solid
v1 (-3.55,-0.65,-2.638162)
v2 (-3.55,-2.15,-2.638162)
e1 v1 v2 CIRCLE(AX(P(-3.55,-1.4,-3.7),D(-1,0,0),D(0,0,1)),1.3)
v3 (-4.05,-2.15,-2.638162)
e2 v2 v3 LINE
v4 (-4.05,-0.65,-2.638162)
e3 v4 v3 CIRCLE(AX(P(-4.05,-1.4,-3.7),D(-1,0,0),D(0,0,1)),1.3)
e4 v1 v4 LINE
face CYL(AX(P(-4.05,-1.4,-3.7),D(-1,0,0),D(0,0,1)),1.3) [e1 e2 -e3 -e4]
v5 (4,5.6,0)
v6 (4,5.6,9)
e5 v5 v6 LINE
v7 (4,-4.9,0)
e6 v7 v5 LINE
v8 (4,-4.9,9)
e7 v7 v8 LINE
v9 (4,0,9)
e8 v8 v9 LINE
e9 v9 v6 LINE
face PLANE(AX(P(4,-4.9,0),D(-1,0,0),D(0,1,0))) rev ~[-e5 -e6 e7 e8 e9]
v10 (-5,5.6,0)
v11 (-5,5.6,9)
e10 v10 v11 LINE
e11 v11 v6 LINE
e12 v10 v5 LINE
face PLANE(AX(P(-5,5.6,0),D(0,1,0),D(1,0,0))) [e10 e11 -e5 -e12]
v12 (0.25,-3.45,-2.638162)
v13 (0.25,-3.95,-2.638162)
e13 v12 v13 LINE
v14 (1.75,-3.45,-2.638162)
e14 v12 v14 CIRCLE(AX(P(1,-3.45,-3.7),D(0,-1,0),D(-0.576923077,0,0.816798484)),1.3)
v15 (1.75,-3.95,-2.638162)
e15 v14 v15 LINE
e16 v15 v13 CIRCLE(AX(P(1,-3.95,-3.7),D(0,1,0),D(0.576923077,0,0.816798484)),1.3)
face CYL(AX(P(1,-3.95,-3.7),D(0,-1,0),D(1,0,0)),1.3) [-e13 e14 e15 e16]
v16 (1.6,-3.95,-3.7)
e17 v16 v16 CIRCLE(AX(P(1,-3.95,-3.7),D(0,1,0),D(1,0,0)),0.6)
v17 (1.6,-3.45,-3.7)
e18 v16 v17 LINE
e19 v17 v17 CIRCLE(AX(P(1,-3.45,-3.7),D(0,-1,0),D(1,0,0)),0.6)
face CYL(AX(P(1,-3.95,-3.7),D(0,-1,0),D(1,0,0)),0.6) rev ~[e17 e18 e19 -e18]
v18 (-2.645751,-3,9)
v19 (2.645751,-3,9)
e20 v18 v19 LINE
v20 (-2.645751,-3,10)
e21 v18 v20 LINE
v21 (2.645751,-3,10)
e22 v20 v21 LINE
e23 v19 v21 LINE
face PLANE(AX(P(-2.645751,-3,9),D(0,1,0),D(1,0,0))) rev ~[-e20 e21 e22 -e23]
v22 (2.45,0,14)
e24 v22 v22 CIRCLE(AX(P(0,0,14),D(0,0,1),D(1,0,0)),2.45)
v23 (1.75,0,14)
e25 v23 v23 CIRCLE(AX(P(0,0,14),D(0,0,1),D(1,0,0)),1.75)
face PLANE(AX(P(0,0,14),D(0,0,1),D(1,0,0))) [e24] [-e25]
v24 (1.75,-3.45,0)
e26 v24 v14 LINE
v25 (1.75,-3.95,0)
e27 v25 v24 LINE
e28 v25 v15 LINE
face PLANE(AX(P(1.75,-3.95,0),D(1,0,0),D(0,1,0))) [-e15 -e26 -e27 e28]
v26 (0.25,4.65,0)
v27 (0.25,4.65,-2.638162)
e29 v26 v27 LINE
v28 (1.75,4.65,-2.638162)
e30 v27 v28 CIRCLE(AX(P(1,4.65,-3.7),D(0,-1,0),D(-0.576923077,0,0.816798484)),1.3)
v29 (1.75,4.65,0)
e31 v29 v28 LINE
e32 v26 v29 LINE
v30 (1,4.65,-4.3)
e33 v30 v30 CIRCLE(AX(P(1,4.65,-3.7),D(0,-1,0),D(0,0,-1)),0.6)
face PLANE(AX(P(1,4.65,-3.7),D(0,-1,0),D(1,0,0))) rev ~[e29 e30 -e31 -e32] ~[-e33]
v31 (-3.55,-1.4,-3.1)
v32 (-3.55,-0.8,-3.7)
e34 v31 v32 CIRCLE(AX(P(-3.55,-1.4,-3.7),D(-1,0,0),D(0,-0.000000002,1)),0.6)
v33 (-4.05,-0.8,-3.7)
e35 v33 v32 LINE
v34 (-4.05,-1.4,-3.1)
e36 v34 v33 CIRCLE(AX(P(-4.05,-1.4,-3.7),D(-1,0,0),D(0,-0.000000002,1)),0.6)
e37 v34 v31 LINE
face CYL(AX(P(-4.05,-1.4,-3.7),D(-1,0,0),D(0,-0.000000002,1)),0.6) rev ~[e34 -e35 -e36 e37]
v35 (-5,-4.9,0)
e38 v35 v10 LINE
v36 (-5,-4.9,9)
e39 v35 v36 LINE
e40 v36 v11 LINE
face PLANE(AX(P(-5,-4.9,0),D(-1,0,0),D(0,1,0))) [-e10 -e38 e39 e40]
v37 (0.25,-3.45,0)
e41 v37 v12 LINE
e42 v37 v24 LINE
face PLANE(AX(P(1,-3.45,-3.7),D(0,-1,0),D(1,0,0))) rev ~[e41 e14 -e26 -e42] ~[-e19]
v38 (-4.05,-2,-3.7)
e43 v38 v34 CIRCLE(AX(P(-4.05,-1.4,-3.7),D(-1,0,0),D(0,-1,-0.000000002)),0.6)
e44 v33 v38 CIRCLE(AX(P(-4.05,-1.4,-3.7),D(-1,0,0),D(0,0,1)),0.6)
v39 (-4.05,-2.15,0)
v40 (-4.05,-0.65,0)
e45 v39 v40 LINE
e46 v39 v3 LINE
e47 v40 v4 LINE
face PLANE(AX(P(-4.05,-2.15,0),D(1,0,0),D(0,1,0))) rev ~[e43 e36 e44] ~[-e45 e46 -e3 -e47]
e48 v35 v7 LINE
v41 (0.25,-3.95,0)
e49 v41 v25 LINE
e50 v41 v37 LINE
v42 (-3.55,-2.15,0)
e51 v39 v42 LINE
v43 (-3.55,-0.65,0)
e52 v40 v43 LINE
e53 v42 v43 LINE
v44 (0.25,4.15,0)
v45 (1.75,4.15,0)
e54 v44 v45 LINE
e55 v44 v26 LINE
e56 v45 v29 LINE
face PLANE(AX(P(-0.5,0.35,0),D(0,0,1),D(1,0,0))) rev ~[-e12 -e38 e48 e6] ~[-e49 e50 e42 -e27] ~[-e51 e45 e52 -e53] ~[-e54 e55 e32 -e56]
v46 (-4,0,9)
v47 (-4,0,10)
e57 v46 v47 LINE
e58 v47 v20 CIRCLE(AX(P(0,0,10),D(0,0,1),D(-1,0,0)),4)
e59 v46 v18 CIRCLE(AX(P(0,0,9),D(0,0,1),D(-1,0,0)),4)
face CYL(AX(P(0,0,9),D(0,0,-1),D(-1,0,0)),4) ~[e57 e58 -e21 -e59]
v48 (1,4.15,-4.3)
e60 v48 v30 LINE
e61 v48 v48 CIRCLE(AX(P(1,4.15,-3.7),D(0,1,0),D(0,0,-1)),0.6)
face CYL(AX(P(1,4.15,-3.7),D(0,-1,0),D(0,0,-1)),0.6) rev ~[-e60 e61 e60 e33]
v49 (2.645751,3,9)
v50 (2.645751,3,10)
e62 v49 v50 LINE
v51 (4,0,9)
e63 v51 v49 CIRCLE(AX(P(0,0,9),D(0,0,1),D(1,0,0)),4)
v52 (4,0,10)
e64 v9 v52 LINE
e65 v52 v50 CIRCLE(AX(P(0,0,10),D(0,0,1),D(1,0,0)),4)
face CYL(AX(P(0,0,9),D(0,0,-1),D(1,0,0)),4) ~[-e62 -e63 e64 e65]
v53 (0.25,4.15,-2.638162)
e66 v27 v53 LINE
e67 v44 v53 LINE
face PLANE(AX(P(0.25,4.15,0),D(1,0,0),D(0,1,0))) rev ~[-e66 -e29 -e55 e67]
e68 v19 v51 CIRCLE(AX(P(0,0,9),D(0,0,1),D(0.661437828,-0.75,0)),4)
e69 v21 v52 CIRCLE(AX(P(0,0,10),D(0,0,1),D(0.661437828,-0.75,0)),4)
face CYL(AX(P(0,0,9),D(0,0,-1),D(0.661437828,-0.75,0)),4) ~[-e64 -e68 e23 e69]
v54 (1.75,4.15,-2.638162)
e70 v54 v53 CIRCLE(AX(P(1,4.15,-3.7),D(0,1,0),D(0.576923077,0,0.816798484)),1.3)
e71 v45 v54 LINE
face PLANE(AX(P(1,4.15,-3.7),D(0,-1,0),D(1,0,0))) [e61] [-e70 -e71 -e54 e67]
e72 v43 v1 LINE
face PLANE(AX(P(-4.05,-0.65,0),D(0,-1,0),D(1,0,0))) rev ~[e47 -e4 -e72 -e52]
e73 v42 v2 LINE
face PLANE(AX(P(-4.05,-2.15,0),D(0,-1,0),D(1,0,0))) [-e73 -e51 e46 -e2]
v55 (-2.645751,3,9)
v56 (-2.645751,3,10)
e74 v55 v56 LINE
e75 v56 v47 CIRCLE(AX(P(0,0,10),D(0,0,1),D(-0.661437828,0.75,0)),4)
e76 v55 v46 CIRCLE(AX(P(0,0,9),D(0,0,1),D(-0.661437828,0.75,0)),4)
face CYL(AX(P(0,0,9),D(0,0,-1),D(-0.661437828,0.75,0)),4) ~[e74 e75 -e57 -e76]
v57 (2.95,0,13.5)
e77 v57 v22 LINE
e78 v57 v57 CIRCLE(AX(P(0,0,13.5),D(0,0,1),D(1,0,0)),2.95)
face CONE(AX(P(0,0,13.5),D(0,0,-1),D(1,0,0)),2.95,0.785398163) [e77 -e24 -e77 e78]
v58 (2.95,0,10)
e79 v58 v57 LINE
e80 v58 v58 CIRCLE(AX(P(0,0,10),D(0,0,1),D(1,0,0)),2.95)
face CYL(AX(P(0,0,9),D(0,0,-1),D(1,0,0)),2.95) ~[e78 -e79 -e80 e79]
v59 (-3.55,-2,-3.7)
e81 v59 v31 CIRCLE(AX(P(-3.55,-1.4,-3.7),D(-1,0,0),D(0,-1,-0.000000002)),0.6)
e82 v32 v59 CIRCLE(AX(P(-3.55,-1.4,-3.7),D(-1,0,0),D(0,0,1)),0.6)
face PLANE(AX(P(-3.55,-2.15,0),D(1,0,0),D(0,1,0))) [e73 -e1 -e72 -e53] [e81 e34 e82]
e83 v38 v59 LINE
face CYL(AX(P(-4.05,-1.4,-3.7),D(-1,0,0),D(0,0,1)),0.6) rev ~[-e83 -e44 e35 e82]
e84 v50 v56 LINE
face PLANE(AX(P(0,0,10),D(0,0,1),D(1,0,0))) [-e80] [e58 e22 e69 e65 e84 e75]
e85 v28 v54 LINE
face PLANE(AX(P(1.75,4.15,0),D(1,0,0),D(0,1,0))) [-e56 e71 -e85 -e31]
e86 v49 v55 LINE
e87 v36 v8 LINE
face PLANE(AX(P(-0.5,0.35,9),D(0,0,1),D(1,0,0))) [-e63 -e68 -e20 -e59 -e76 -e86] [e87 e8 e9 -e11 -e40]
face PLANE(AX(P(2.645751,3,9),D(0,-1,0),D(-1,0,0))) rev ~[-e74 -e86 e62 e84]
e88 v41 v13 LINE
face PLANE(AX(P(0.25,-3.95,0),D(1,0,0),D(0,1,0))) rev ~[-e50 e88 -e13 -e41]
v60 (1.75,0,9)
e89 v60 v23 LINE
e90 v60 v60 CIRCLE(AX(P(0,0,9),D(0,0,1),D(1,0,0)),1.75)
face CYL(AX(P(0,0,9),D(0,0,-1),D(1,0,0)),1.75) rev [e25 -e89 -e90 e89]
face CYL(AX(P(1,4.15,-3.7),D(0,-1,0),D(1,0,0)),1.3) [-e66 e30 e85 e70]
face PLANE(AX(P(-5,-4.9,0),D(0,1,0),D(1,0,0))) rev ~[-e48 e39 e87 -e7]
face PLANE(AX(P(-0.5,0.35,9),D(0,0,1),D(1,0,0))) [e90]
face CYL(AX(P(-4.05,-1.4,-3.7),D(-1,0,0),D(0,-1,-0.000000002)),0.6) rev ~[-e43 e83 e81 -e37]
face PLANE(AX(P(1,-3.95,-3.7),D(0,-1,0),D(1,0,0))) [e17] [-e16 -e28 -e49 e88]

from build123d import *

# Parameters (mm, degrees)
SKETCH3_W           = 9
SKETCH3_H           = 10.5
SKETCH3_W_2         = 1.5
SKETCH3_H_2         = 0.5
SKETCH3_W_3         = 0.5
SKETCH3_H_3         = 1.5
BOSS_EXTRUDE1_DEPTH = 9
SKETCH5_R           = 2.95
BOSS_EXTRUDE4_DEPTH = 1
SKETCH5_3_R         = 2.95
SKETCH5_3_R_2       = 1.75
BOSS_EXTRUDE5_DEPTH = 5
SKETCH3_3_W         = 1.5
SKETCH3_3_H         = 0.5
SKETCH3_3_W_2       = 0.5
SKETCH3_3_H_2       = 1.5
BOSS_EXTRUDE6_DEPTH = 3.7
SKETCH6_R           = 1.3
SKETCH6_R_2         = 0.6
BOSS_EXTRUDE7_DEPTH = 0.5
CUT_EXTRUDE1_DEPTH  = 3.7
CUT_EXTRUDE2_DEPTH  = 3.7
SKETCH7_3_R         = 1.3
SKETCH7_3_R_2       = 0.6
BOSS_EXTRUDE8_DEPTH = 0.5
CUT_EXTRUDE3_DEPTH  = 3.7
SKETCH8_3_R         = 1.3
SKETCH8_3_R_2       = 0.6
BOSS_EXTRUDE9_DEPTH = 0.5
CHAMFER1_SIZE       = 0.5


with BuildPart() as part:
    # Sketch3 → Boss-Extrude1 (new body)
    with BuildSketch(Plane.XY):
        with Locations((-0.5, 0.35)):
            Rectangle(SKETCH3_W, SKETCH3_H)
        with Locations((1, -3.7)):
            Rectangle(SKETCH3_W_2, SKETCH3_H_2, mode=Mode.SUBTRACT)
        with Locations((-3.8, -1.4)):
            Rectangle(SKETCH3_W_3, SKETCH3_H_3, mode=Mode.SUBTRACT)
        with Locations((1, 4.4)):
            Rectangle(SKETCH3_W_2, SKETCH3_H_2, mode=Mode.SUBTRACT)
        with Locations((1, -3.7)):
            Rectangle(SKETCH3_W_2, SKETCH3_H_2)
        with Locations((-3.8, -1.4)):
            Rectangle(SKETCH3_W_3, SKETCH3_H_3)
        with Locations((1, 4.4)):
            Rectangle(SKETCH3_W_2, SKETCH3_H_2)
    extrude(amount=BOSS_EXTRUDE1_DEPTH)

    # Sketch5 → Boss-Extrude4 (add)
    with BuildSketch(Plane.XY.offset(9)):
        with BuildLine():
            ThreePointArc((-4, 0), (-3.645751311, -1.645751311), (-2.645751311, -3))
            Line((-2.645751311, -3), (2.645751311, -3))
            ThreePointArc((2.645751311, -3), (3.645751311, -1.645751311), (4, 0))
            ThreePointArc((4, 0), (3.645751311, 1.645751311), (2.645751311, 3))
            Line((2.645751311, 3), (-2.645751311, 3))
            ThreePointArc((-2.645751311, 3), (-3.645751311, 1.645751311), (-4, 0))
        make_face()
        Circle(SKETCH5_R, mode=Mode.SUBTRACT)
    extrude(amount=BOSS_EXTRUDE4_DEPTH)

    # Sketch5<3> → Boss-Extrude5 (add)
    with BuildSketch(Plane.XY.offset(9)):
        Circle(SKETCH5_3_R)
        Circle(SKETCH5_3_R_2, mode=Mode.SUBTRACT)
    extrude(amount=BOSS_EXTRUDE5_DEPTH)

    # Sketch3<3> → Boss-Extrude6 (add)
    with BuildSketch(Plane.XY):
        with Locations((1, -3.7)):
            Rectangle(SKETCH3_3_W, SKETCH3_3_H)
        with Locations((-3.8, -1.4)):
            Rectangle(SKETCH3_3_W_2, SKETCH3_3_H_2)
        with Locations((1, 4.4)):
            Rectangle(SKETCH3_3_W, SKETCH3_3_H)
    extrude(amount=-BOSS_EXTRUDE6_DEPTH)

    # Sketch6 → Boss-Extrude7 (add)
    with BuildSketch(Plane.XZ.offset(3.95)):
        with Locations((1, -3.7)):
            Circle(SKETCH6_R)
        with Locations((1, -3.7)):
            Circle(SKETCH6_R_2, mode=Mode.SUBTRACT)
    extrude(amount=-BOSS_EXTRUDE7_DEPTH)

    # Sketch6<2> → Cut-Extrude1 (cut)
    with BuildSketch(Plane.XZ.offset(3.95)):
        with BuildLine():
            Line((0.4, -3.7), (1.6, -3.7))
            ThreePointArc((1.6, -3.7), (1, -3.1), (0.4, -3.7))
        make_face()
        with BuildLine():
            ThreePointArc((0.4, -3.7), (1, -4.3), (1.6, -3.7))
            Line((1.6, -3.7), (0.4, -3.7))
        make_face()
    extrude(amount=-CUT_EXTRUDE1_DEPTH, mode=Mode.SUBTRACT)

    # Sketch7 → Cut-Extrude2 (cut)
    with BuildSketch(Plane.XZ.offset(-4.15)):
        with BuildLine():
            Line((0.4, -3.7), (1.6, -3.7))
            ThreePointArc((1.6, -3.7), (1, -3.1), (0.4, -3.7))
        make_face()
        with BuildLine():
            ThreePointArc((0.4, -3.7), (1, -4.3), (1.6, -3.7))
            Line((1.6, -3.7), (0.4, -3.7))
        make_face()
    extrude(amount=-CUT_EXTRUDE2_DEPTH, mode=Mode.SUBTRACT)

    # Sketch7<3> → Boss-Extrude8 (add)
    with BuildSketch(Plane.XZ.offset(-4.15)):
        with Locations((1, -3.7)):
            Circle(SKETCH7_3_R)
        with Locations(Location((1, -3.7, 0), (0, 0, 270))):
            Circle(SKETCH7_3_R_2, mode=Mode.SUBTRACT)
    extrude(amount=-BOSS_EXTRUDE8_DEPTH)

    # Sketch8 → Cut-Extrude3 (cut)
    with BuildSketch(Plane.ZY.offset(4.05)):
        with BuildLine():
            ThreePointArc((-3.7, -2), (-3.275735931, -1.824264069), (-3.1, -1.4))
            ThreePointArc((-3.1, -1.4), (-3.275735931, -0.975735931), (-3.7, -0.8))
            Line((-3.7, -0.8), (-3.7, -2))
        make_face()
        with BuildLine():
            Line((-3.7, -2), (-3.7, -0.8))
            ThreePointArc((-3.7, -0.8), (-4.3, -1.4), (-3.7, -2))
        make_face()
    extrude(amount=-CUT_EXTRUDE3_DEPTH, mode=Mode.SUBTRACT)

    # Sketch8<3> → Boss-Extrude9 (add)
    with BuildSketch(Plane.ZY.offset(4.05)):
        with Locations((-3.7, -1.4)):
            Circle(SKETCH8_3_R)
        with Locations((-3.7, -1.4)):
            Circle(SKETCH8_3_R_2, mode=Mode.SUBTRACT)
    extrude(amount=-BOSS_EXTRUDE9_DEPTH)

    # Chamfer1
    chamfer1_edges = [part.edges().sort_by_distance(p)[0] for p in [
        (-2.95, 0, 14),
    ]]
    chamfer(chamfer1_edges, length=CHAMFER1_SIZE)


solid = part.part
